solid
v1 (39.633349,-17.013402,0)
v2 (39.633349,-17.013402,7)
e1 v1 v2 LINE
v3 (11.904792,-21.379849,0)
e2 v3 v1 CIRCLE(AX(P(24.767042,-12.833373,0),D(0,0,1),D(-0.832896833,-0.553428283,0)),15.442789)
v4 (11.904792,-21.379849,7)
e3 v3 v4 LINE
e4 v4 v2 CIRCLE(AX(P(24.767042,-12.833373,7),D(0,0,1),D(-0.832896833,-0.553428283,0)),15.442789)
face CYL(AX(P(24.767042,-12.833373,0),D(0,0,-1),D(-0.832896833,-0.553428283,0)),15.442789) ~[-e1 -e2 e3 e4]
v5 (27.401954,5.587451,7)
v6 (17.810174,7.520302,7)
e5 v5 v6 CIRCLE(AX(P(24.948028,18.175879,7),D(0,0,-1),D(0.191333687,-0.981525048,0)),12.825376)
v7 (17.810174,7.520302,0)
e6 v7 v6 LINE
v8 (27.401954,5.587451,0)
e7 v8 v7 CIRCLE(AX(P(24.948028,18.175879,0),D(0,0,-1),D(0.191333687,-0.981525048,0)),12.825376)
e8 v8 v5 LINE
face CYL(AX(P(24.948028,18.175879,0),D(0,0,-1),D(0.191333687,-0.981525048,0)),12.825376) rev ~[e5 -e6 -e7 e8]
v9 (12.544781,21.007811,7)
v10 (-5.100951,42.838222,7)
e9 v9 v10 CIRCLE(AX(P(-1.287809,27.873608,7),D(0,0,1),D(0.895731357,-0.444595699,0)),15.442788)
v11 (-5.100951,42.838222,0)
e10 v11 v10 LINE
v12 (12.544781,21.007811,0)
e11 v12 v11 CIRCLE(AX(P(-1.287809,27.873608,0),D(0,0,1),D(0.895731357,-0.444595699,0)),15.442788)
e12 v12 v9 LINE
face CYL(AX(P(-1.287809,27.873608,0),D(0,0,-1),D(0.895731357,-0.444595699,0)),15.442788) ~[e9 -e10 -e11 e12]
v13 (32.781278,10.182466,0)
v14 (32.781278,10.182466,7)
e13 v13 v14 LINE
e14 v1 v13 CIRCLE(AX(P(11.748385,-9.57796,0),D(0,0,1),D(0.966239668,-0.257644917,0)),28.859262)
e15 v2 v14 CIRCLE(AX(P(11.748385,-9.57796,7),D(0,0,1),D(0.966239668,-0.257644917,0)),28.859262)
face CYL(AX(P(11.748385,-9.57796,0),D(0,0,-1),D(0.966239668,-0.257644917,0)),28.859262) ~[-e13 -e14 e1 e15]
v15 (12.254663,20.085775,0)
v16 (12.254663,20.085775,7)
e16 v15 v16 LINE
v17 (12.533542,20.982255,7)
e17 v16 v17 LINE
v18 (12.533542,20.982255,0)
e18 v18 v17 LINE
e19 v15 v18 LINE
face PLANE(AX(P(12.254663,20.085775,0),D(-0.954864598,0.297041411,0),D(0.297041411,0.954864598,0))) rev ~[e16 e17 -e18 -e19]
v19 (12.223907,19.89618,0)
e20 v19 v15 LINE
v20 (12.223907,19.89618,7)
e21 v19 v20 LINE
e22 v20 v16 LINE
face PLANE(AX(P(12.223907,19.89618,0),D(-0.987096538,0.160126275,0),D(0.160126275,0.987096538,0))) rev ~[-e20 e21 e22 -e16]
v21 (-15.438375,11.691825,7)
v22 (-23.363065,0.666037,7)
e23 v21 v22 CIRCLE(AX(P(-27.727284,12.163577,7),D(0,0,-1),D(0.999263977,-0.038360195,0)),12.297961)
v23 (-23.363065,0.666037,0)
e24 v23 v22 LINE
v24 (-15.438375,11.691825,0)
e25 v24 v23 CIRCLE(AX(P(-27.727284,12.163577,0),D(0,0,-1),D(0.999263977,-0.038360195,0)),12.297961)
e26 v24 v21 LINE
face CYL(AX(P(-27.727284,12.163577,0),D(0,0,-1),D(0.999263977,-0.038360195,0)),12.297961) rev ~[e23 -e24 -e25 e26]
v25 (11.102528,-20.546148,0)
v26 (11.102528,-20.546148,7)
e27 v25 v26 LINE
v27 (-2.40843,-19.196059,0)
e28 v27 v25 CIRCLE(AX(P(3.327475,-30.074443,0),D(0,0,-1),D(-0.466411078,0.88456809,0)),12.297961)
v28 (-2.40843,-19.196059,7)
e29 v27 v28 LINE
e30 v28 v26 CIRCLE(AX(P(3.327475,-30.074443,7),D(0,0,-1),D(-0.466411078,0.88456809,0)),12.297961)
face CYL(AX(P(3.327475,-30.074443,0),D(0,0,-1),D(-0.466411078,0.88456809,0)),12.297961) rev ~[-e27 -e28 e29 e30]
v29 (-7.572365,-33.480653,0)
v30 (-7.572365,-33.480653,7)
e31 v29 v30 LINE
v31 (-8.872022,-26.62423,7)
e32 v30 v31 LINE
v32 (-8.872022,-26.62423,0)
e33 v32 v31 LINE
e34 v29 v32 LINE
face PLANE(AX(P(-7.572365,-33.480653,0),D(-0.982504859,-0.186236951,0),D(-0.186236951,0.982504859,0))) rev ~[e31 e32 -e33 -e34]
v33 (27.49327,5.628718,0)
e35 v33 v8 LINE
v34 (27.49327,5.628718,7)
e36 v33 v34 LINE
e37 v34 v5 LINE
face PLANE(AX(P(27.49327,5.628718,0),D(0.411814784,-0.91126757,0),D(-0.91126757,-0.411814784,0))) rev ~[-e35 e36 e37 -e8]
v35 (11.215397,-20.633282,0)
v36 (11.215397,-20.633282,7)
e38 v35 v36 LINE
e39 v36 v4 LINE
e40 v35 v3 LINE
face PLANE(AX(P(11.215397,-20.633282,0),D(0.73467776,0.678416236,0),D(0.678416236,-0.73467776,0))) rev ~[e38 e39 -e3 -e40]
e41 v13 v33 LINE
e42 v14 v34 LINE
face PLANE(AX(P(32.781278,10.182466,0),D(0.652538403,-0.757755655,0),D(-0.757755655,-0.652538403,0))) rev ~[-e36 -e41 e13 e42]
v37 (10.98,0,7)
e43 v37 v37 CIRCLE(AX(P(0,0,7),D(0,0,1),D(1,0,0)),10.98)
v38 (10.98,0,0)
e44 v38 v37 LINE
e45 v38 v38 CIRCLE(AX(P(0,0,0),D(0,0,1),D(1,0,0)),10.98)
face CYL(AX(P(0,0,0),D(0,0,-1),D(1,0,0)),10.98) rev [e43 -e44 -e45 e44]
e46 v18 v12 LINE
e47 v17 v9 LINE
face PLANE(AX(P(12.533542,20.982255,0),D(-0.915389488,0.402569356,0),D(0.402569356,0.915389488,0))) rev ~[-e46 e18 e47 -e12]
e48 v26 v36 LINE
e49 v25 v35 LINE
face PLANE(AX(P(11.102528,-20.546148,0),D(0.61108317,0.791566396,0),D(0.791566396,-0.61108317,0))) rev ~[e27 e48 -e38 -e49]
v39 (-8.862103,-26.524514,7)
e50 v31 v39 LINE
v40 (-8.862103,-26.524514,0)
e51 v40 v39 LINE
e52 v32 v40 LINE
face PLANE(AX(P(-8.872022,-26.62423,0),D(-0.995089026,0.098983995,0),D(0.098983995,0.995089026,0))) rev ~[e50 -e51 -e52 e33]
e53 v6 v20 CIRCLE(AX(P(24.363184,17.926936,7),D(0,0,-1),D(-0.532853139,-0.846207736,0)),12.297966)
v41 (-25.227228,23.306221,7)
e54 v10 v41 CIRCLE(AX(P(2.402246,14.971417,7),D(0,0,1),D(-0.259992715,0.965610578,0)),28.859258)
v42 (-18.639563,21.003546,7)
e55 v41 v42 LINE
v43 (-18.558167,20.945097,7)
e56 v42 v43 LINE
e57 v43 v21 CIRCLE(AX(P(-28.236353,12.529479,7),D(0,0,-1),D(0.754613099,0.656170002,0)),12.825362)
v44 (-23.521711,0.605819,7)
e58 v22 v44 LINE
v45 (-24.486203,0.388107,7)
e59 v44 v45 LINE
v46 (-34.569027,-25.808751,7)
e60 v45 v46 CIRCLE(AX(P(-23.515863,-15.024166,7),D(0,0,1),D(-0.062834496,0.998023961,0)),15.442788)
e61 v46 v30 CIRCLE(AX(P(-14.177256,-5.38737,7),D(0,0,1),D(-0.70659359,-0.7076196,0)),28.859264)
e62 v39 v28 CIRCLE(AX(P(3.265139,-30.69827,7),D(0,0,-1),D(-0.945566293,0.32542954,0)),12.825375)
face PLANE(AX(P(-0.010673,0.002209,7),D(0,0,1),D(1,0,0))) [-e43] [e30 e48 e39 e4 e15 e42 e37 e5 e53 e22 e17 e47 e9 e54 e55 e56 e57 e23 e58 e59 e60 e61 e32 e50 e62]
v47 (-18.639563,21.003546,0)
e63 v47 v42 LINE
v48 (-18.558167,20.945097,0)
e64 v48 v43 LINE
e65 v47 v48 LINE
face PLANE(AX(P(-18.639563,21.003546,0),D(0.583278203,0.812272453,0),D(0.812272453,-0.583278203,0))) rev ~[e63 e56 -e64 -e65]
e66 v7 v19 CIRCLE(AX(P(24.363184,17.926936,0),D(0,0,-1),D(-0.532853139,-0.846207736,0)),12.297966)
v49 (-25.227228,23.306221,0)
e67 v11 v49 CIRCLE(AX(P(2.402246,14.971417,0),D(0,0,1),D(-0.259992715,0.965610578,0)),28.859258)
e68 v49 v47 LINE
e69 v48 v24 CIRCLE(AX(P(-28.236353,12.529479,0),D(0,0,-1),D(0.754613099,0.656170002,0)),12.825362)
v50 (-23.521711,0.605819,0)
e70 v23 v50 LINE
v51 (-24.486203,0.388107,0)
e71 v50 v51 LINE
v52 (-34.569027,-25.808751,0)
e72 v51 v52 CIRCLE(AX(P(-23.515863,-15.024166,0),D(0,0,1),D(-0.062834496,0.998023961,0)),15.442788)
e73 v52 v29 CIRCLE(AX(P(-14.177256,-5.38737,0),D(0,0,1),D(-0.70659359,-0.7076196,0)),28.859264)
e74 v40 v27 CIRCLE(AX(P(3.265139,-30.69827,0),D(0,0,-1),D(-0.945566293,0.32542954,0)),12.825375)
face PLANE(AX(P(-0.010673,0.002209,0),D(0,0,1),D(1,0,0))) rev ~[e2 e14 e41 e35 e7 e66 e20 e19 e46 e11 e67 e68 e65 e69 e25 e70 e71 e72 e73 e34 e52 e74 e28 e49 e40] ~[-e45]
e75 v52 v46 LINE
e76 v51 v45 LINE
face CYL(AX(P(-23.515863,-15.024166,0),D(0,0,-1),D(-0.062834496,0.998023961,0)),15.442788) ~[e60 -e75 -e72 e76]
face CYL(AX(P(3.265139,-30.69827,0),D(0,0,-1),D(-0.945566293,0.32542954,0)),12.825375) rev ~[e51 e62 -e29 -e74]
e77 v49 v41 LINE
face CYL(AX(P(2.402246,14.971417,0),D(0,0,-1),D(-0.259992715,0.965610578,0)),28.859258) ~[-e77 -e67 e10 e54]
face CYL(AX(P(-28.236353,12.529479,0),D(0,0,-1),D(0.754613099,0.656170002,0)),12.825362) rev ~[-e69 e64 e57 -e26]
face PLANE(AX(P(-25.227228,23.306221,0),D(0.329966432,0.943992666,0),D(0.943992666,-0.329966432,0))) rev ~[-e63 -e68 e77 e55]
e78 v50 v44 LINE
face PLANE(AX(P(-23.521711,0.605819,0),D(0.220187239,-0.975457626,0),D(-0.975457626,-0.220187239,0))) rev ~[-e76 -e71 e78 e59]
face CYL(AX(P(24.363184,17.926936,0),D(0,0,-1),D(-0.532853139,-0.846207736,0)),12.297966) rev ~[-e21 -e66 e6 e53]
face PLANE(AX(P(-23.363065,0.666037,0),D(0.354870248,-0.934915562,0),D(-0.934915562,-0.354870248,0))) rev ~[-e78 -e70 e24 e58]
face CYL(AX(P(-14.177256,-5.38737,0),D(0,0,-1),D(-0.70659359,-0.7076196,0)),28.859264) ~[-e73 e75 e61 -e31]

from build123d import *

# Parameters (mm, degrees)
F0_R     = 10.98
F1_DEPTH = 7


with BuildPart() as f1:
    # F0 (on Top) → F1 (new body)
    with BuildSketch(Plane.XY):
        with BuildLine():
            ThreePointArc((-15.438375, 11.691825), (-17.74111, 4.986101), (-23.363065, 0.666037))
            Line((-23.363065, 0.666037), (-23.521711, 0.605819))
            Line((-23.521711, 0.605819), (-24.486203, 0.388107))
            ThreePointArc((-24.486203, 0.388107), (-37.928011, -9.477121), (-34.569027, -25.808751))
            ThreePointArc((-34.569027, -25.808751), (-22.066111, -33.147469), (-7.572365, -33.480653))
            Line((-7.572365, -33.480653), (-8.872022, -26.62423))
            Line((-8.872022, -26.62423), (-8.862103, -26.524514))
            ThreePointArc((-8.862103, -26.524514), (-6.360025, -22.222041), (-2.40843, -19.196059))
            ThreePointArc((-2.40843, -19.196059), (4.550265, -17.837424), (11.102528, -20.546148))
            Line((11.102528, -20.546148), (11.215397, -20.633282))
            Line((11.215397, -20.633282), (11.904792, -21.379849))
            ThreePointArc((11.904792, -21.379849), (27.169234, -28.088182), (39.633349, -17.013402))
            ThreePointArc((39.633349, -17.013402), (39.733077, -2.527142), (32.781278, 10.182466))
            Line((32.781278, 10.182466), (27.49327, 5.628718))
            Line((27.49327, 5.628718), (27.401954, 5.587451))
            ThreePointArc((27.401954, 5.587451), (22.414498, 5.60323), (17.810174, 7.520302))
            ThreePointArc((17.810174, 7.520302), (13.154215, 12.867392), (12.223907, 19.89618))
            Line((12.223907, 19.89618), (12.254663, 20.085775))
            Line((12.254663, 20.085775), (12.533542, 20.982255))
            Line((12.533542, 20.982255), (12.544781, 21.007811))
            ThreePointArc((12.544781, 21.007811), (10.722147, 37.581372), (-5.100951, 42.838222))
            ThreePointArc((-5.100951, 42.838222), (-17.696284, 35.68146), (-25.227228, 23.306221))
            Line((-25.227228, 23.306221), (-18.639563, 21.003546))
            Line((-18.639563, 21.003546), (-18.558167, 20.945097))
            ThreePointArc((-18.558167, 20.945097), (-16.083154, 16.626998), (-15.438375, 11.691825))
        make_face()
        Circle(F0_R, mode=Mode.SUBTRACT)
    extrude(amount=F1_DEPTH)


solid = f1.part
